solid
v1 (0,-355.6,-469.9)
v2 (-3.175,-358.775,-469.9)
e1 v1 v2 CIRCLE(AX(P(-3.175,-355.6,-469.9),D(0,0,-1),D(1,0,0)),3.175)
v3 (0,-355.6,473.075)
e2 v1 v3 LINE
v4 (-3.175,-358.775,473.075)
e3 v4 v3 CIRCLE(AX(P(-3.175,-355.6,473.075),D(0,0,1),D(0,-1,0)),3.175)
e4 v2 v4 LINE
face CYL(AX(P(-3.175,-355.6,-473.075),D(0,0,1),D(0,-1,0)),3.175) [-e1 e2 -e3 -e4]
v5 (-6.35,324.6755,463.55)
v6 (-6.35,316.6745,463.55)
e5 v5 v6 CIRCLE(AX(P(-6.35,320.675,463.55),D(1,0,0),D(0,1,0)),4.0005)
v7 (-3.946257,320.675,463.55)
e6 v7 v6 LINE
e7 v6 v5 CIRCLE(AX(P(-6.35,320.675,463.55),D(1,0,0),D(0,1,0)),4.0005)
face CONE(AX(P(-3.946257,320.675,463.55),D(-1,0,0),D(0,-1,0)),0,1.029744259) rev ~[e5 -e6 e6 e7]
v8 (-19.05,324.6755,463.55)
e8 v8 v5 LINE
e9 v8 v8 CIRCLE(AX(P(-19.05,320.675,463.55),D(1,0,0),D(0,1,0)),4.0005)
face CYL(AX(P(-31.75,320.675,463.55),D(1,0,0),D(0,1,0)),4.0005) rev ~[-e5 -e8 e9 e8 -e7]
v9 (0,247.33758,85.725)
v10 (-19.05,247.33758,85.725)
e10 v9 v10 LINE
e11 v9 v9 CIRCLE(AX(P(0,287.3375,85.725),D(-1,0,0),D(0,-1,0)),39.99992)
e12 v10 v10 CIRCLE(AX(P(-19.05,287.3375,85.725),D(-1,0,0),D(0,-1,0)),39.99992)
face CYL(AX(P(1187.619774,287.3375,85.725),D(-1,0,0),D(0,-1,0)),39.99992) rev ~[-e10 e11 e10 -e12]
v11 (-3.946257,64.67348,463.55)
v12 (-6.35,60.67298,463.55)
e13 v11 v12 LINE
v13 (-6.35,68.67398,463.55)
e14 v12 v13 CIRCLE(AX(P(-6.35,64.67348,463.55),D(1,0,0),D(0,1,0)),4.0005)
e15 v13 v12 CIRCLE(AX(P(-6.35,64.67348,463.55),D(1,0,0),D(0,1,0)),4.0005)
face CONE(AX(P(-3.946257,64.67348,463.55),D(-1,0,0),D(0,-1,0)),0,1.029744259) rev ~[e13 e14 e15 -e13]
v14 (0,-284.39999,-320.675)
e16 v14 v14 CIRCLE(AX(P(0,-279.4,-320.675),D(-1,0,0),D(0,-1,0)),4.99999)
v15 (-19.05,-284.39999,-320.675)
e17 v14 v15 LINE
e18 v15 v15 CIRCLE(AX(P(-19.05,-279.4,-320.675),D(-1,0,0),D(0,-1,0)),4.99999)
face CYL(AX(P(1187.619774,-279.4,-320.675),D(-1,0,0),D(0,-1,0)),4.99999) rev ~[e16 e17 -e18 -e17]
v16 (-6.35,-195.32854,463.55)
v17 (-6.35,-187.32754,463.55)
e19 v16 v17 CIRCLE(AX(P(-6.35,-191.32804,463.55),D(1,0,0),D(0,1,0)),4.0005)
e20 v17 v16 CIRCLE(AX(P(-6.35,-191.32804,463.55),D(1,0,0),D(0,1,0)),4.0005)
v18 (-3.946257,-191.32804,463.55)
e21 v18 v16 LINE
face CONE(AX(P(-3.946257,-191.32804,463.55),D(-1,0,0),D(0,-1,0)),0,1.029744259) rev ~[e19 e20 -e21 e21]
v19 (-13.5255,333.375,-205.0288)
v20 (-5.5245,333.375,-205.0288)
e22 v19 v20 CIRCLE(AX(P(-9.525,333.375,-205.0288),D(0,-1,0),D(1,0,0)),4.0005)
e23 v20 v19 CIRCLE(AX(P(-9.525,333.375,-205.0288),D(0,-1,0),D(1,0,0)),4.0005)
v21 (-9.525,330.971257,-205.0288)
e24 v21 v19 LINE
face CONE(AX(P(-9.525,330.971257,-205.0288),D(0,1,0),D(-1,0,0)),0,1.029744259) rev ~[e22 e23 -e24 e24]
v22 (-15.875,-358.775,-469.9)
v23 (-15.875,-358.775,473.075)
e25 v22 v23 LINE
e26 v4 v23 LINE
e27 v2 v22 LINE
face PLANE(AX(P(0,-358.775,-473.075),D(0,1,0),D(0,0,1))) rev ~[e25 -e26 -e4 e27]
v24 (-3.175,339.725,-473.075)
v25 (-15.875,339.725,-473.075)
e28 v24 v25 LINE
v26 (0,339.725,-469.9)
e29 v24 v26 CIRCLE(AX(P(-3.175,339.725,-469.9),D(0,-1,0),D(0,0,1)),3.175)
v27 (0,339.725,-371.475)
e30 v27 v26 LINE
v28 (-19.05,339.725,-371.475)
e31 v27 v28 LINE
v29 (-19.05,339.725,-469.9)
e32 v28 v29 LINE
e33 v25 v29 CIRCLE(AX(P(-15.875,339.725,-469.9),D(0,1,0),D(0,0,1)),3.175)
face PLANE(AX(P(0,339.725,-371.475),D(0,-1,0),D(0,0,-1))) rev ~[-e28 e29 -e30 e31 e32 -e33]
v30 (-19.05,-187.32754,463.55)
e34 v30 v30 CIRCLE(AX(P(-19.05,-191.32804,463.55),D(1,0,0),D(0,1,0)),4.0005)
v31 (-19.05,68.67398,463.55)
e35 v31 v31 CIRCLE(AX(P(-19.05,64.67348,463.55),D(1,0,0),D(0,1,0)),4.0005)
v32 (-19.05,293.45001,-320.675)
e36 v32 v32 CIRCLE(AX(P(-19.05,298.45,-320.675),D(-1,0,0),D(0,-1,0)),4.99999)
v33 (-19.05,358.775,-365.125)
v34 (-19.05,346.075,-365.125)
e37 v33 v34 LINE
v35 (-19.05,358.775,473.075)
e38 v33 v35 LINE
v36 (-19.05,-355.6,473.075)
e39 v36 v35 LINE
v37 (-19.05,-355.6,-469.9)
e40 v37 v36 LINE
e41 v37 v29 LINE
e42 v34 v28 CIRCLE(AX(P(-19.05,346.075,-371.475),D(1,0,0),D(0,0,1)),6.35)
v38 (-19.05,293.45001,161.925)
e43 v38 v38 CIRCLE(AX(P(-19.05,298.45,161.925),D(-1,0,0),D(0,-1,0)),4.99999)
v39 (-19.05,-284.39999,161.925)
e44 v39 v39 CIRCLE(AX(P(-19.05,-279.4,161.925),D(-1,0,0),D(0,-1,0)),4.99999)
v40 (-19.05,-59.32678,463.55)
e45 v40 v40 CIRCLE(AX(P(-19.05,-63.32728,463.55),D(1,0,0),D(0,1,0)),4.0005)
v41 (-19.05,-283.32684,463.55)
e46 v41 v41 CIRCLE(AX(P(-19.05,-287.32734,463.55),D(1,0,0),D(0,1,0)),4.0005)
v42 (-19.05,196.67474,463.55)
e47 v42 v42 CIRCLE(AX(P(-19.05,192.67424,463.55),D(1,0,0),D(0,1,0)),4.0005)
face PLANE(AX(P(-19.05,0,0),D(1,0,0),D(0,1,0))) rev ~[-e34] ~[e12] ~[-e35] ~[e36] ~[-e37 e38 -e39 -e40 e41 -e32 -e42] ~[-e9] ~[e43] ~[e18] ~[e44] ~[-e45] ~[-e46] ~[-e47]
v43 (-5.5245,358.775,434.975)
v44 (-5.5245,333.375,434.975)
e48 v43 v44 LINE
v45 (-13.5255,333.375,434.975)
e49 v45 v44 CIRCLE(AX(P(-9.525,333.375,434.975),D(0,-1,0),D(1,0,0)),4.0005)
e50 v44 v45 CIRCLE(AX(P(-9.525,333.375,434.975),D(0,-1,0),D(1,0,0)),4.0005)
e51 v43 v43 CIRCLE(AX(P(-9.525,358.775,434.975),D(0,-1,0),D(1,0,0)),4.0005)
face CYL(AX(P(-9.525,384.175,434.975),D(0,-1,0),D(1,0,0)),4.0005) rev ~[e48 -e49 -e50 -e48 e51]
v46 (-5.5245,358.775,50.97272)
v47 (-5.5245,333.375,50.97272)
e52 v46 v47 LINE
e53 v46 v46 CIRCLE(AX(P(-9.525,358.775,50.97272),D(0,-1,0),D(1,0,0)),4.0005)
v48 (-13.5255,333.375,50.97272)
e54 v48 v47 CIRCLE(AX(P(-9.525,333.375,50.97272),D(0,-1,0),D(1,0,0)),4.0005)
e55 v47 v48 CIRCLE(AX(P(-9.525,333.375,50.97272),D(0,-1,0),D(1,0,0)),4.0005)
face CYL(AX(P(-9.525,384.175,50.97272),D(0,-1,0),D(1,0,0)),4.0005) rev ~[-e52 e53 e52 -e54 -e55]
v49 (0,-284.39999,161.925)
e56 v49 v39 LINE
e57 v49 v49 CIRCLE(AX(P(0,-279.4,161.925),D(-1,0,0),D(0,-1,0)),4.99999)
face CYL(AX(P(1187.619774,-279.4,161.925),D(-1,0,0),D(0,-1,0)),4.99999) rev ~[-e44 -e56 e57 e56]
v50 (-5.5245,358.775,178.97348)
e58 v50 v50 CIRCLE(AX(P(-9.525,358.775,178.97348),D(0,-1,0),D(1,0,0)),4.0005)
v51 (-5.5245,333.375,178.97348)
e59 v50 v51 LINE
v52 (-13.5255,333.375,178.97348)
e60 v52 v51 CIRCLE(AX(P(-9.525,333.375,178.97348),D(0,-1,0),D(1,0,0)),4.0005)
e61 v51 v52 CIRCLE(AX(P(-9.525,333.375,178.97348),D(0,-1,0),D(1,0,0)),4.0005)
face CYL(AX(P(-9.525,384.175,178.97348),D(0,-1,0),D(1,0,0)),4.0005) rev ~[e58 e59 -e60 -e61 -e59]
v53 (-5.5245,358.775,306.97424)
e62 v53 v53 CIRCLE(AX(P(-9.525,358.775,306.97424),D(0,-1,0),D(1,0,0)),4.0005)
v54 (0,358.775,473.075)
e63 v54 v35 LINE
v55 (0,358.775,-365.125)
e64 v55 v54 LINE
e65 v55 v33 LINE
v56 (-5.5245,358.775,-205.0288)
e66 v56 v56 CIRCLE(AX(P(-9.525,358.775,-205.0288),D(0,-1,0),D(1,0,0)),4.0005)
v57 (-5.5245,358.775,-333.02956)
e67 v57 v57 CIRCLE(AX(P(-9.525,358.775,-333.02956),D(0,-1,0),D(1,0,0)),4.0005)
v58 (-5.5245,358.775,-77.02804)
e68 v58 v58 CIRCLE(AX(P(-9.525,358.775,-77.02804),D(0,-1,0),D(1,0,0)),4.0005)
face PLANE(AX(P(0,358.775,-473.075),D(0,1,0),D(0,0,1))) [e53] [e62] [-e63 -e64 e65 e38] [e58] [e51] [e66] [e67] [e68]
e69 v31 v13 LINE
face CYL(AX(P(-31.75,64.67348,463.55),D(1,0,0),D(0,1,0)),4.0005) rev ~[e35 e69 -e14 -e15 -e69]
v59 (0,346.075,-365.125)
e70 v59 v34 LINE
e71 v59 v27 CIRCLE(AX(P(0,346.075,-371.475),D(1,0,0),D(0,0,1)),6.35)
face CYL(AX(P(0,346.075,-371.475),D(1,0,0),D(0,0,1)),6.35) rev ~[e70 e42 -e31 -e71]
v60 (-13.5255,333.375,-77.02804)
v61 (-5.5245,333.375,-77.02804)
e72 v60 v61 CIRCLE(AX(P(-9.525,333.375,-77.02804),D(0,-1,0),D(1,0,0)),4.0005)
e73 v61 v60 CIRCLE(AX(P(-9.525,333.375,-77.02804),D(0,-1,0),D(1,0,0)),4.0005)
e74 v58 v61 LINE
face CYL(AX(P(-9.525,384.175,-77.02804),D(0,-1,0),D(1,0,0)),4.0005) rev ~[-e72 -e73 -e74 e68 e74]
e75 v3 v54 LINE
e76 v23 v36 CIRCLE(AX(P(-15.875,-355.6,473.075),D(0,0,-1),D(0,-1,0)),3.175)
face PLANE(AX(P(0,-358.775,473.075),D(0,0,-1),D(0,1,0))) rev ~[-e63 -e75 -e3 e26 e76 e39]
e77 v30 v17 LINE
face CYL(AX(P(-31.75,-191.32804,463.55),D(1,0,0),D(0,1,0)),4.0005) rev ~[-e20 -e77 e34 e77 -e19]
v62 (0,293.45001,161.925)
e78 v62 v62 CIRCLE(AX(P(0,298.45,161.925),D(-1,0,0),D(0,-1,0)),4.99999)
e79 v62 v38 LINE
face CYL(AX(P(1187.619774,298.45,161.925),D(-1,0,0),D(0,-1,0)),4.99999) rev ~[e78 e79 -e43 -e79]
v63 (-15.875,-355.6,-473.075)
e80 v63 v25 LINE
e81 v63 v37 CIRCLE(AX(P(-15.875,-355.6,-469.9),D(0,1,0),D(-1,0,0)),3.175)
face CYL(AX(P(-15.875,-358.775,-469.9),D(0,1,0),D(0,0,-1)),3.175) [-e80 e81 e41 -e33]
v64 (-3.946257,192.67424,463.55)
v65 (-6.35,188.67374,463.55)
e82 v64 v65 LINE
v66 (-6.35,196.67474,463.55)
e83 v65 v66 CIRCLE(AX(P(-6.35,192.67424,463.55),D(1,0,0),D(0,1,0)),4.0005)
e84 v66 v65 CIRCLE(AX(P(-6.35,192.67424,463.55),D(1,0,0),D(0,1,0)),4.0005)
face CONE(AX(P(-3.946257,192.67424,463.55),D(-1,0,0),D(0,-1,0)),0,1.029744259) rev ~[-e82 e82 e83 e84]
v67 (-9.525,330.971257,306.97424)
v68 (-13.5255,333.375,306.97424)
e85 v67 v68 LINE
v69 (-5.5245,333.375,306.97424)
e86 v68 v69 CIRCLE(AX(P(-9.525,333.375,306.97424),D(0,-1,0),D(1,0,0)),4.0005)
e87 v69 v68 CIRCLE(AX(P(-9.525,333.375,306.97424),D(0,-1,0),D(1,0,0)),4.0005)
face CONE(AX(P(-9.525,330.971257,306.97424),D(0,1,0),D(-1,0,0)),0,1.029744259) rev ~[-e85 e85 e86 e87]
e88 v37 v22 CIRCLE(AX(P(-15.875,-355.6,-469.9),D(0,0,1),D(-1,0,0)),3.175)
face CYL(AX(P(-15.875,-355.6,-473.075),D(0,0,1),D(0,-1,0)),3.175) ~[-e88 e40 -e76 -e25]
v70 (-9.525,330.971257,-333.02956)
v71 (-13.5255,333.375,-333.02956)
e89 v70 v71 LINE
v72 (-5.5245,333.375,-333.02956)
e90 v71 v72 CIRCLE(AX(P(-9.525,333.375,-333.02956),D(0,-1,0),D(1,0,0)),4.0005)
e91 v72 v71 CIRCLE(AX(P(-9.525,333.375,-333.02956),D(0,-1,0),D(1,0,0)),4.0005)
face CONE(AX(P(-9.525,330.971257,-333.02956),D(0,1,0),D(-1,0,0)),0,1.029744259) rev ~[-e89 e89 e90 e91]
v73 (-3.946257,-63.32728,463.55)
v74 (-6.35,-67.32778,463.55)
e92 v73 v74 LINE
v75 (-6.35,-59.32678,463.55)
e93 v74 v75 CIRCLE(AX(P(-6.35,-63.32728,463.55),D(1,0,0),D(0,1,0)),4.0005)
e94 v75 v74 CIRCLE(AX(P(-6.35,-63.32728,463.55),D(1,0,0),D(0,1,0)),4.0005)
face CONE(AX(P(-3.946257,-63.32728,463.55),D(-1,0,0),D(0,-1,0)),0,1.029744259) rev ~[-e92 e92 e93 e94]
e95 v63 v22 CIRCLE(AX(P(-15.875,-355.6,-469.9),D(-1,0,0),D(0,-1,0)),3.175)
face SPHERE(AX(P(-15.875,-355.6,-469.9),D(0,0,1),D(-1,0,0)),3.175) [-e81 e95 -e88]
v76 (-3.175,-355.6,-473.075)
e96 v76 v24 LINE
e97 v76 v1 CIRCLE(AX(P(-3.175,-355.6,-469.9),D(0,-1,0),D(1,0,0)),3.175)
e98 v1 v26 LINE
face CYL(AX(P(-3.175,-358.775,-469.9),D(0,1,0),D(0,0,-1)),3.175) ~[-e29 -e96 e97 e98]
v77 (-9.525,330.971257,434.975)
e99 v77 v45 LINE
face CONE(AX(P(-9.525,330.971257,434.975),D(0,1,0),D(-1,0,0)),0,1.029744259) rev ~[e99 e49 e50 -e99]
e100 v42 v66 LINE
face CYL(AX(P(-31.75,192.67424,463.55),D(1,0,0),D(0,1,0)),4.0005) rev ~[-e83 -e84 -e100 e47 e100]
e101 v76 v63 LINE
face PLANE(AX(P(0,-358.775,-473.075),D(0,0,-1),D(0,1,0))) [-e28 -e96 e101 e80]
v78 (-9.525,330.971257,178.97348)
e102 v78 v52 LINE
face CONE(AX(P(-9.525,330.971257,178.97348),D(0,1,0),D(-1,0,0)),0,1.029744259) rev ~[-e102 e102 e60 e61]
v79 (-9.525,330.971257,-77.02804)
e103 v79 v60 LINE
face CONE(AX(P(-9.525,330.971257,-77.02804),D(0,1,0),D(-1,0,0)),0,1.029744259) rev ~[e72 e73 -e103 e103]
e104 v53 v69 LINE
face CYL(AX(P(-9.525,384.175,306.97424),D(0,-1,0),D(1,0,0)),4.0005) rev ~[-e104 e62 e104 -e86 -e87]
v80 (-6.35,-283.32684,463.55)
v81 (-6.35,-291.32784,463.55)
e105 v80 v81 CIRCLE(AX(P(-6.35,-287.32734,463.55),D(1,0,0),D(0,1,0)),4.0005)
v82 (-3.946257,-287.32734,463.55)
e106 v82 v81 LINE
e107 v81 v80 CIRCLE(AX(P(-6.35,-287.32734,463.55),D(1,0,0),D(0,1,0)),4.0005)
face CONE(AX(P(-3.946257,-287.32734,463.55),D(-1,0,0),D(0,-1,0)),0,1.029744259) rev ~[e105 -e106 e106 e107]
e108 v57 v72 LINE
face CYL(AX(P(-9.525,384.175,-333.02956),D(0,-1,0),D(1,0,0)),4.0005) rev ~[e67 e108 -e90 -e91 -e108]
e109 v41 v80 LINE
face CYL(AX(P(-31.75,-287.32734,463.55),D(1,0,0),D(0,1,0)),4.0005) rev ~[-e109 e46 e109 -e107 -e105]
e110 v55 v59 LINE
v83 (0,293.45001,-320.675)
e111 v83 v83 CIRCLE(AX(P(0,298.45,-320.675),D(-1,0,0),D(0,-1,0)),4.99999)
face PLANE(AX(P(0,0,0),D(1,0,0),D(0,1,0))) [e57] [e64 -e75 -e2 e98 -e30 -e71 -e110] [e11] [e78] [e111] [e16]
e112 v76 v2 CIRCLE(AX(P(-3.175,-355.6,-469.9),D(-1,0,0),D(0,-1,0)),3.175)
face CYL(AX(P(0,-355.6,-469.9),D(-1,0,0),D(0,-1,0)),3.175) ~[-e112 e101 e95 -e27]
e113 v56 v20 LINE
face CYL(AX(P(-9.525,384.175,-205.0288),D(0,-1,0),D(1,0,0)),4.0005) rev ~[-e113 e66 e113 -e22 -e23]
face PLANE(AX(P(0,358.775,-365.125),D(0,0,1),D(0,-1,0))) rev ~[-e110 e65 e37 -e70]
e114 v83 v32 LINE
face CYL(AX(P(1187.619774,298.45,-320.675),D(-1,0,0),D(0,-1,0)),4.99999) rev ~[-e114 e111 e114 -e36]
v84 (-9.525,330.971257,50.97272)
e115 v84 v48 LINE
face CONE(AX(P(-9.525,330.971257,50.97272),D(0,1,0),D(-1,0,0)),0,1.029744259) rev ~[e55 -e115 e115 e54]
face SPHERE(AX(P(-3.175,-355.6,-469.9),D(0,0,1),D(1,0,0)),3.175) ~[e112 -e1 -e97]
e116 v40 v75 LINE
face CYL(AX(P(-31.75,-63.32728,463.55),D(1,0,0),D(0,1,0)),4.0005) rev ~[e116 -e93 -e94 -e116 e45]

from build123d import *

# Parameters (mm, degrees)
F0_W      = 717.55
F0_H      = 946.15
F1_DEPTH  = 19.05
F3_D      = 8.001
F3_DEPTH  = 12.7
F3_TIP    = 2.4037429064
F5_DEPTH  = 19.051
F7_D      = 9.99998
F9_D      = 79.99984
F11_D     = 8.001
F11_DEPTH = 25.4
F11_TIP   = 2.4037429064
F12_R     = 3.175


with BuildPart() as f1:
    # F0 (on Right) → F1 (new body)
    with BuildSketch(Plane.YZ):
        Rectangle(F0_W, F0_H)
    extrude(amount=-F1_DEPTH)

    # F3
    with Locations(Plane(origin=(-19.05, 0, 0), x_dir=(0, -1, 0), z_dir=(-1, 0, 0))):
        with Locations((-320.675, 463.55), (-192.67424, 463.55), (-64.67348, 463.55), (63.32728, 463.55), (191.32804, 463.55), (287.32734, 463.55)):
            Hole(F3_D / 2, depth=F3_DEPTH)
            with Locations((0, 0, -(F3_DEPTH + F3_TIP / 2))):  # 118° drill point
                Cone(0, F3_D / 2, F3_TIP, mode=Mode.SUBTRACT)

    # F4 (on face) → F5 (cut, through all)
    with BuildSketch(Plane.YZ):
        with BuildLine():
            Line((339.725, -473.075), (358.775, -473.075))
            Line((358.775, -473.075), (358.775, -365.125))
            Line((358.775, -365.125), (346.075, -365.125))
            ThreePointArc((346.075, -365.125), (341.5848719395, -366.9848719395), (339.725, -371.475))
            Line((339.725, -371.475), (339.725, -473.075))
        make_face()
    extrude(amount=-F5_DEPTH, mode=Mode.SUBTRACT)

    # F7 (through all)
    with Locations(Plane.YZ):
        with Locations((-279.4, 161.925), (-279.4, -320.675), (298.45, -320.675), (298.45, 161.925)):
            Hole(F7_D / 2)

    # F9 (through all)
    with Locations(Plane.YZ):
        with Locations((287.3375, 85.725)):
            Hole(F9_D / 2)

    # F11
    with Locations(Plane(origin=(0, 358.775, 0), x_dir=(-1, 0, 0), z_dir=(0, 1, 0))):
        with Locations((9.525, 434.975), (9.525, 306.97424), (9.525, 178.97348), (9.525, 50.97272), (9.525, -77.02804), (9.525, -205.0288), (9.525, -333.02956)):
            Hole(F11_D / 2, depth=F11_DEPTH)
            with Locations((0, 0, -(F11_DEPTH + F11_TIP / 2))):  # 118° drill point
                Cone(0, F11_D / 2, F11_TIP, mode=Mode.SUBTRACT)

    # F12
    f12_edges = [f1.edges().sort_by_distance(p)[0] for p in [
        (-19.05, -358.775, 0),
        (0, -358.775, 0),
        (0, -9.525, -473.075),
        (-19.05, -9.525, -473.075),
        (-9.525, -358.775, -473.075),
    ]]
    fillet(f12_edges, radius=F12_R)


solid = f1.part
